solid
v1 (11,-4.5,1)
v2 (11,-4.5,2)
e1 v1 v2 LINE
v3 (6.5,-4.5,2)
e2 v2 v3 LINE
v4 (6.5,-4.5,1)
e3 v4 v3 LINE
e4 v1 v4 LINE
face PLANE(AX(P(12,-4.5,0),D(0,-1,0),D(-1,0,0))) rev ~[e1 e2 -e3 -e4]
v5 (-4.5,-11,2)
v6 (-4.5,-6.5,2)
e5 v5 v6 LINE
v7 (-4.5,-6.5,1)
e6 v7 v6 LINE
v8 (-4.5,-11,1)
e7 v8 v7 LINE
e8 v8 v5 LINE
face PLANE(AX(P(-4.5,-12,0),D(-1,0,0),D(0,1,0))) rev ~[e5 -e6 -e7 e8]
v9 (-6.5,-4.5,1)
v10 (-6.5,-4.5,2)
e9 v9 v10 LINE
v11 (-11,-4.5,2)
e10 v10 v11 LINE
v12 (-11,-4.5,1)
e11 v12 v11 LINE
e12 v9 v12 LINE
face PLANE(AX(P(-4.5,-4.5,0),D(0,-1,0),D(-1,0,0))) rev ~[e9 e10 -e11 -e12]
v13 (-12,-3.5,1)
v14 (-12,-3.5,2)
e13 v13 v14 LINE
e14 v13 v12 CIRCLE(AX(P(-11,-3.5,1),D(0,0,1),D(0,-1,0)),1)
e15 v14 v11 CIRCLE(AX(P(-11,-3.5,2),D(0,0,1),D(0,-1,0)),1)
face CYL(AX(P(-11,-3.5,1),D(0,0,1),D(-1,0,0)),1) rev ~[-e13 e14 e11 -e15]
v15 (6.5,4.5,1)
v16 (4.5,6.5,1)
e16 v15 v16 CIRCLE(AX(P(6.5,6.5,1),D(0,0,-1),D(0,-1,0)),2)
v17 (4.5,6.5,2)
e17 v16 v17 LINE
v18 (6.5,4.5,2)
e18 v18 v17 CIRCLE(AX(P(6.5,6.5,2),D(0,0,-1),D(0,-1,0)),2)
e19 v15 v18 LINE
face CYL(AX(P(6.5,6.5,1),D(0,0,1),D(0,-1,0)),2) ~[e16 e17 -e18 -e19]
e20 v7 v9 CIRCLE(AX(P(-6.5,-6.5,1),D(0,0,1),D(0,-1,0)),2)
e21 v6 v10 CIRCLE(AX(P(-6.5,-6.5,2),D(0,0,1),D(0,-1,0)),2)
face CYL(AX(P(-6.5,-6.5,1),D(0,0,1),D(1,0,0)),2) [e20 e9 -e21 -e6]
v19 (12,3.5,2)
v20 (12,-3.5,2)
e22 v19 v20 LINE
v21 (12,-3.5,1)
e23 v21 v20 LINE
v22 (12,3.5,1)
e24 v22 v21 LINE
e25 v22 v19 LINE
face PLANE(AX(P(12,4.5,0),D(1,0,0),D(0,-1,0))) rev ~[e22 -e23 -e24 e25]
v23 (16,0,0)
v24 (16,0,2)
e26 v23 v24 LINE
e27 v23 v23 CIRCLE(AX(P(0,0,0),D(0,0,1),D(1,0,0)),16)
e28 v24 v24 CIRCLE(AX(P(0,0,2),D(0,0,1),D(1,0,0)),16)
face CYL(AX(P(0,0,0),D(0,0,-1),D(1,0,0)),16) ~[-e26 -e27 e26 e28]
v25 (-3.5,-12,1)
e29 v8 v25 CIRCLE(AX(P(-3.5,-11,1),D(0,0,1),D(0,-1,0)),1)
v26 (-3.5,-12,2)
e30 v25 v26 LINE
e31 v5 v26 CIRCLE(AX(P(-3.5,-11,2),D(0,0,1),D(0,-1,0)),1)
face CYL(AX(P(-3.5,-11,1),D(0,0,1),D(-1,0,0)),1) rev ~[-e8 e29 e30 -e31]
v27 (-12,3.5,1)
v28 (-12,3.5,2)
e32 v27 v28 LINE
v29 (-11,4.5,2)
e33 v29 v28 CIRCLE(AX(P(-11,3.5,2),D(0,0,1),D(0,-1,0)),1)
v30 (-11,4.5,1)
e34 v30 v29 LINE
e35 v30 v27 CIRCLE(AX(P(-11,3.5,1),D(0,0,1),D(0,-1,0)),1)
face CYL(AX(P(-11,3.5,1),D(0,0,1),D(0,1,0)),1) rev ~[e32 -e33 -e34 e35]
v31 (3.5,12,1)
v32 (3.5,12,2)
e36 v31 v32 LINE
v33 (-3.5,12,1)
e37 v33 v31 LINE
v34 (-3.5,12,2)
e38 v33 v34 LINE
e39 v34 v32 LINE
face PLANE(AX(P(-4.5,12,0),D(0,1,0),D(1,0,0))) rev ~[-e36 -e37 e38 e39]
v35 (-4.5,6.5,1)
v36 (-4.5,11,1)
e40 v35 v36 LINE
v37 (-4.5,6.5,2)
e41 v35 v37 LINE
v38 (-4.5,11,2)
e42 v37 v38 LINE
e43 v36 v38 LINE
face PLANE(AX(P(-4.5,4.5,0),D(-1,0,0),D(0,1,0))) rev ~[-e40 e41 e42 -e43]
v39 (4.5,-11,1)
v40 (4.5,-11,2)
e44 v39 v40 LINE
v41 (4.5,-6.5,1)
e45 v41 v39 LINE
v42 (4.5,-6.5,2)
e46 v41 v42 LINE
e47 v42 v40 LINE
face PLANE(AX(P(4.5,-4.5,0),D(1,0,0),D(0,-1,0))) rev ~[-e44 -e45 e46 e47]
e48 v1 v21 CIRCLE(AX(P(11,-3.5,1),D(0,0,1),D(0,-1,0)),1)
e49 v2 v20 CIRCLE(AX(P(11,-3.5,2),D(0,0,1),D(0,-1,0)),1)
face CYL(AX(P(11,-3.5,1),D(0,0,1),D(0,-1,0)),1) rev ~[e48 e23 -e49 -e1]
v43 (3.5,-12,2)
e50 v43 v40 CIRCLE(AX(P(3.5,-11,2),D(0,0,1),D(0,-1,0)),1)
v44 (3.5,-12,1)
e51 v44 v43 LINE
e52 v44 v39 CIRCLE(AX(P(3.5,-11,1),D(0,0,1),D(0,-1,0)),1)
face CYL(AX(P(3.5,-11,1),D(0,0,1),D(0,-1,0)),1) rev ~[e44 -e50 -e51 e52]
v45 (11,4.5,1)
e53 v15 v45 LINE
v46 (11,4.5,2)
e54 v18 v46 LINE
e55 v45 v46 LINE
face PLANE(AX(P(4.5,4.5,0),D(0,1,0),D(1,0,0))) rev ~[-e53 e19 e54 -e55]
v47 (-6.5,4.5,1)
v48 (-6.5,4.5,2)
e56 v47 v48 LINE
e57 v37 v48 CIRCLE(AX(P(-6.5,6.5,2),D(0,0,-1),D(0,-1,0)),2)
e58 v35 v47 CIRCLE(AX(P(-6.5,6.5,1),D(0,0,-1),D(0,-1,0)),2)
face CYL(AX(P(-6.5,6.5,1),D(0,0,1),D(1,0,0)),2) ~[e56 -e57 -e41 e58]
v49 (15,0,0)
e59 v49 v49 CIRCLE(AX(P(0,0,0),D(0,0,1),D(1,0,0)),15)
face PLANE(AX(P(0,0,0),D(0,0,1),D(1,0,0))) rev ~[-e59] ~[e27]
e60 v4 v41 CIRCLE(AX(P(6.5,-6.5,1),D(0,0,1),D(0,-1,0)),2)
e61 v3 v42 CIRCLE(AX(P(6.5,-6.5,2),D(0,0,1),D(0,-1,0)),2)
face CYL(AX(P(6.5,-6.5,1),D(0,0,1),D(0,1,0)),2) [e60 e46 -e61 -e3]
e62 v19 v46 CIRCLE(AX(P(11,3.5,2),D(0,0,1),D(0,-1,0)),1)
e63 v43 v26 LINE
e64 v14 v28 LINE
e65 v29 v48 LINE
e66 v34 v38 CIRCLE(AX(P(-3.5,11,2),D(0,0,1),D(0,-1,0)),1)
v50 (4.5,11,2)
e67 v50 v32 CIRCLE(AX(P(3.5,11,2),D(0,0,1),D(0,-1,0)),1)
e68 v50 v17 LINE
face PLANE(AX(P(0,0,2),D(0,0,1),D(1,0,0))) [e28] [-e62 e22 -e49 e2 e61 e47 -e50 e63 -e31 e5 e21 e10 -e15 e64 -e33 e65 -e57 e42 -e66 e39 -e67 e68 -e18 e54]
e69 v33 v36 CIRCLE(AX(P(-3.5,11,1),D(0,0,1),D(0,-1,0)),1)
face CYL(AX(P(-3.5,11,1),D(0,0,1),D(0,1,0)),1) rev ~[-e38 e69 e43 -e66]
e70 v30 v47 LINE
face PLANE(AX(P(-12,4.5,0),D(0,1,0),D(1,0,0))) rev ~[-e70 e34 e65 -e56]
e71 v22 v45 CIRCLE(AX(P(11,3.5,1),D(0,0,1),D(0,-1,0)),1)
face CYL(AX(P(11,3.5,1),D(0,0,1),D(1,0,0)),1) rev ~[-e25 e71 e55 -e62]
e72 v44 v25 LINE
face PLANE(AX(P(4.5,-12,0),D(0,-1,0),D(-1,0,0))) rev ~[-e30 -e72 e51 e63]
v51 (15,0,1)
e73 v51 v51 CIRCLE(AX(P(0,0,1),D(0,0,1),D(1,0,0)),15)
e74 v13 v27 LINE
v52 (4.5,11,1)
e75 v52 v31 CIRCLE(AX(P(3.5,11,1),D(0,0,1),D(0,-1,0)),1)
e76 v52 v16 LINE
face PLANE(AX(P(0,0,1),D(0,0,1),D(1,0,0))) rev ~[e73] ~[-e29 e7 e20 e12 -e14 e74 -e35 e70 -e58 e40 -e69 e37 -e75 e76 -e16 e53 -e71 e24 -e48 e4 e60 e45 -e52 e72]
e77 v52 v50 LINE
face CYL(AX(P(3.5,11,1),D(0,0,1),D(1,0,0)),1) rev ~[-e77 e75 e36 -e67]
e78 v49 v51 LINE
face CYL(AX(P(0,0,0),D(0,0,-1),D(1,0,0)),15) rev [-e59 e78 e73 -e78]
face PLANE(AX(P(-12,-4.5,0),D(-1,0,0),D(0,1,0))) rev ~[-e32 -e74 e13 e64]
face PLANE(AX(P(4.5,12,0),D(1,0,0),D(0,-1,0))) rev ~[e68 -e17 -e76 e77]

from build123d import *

# Parameters (mm, degrees)
F0_R     = 16
F0_R_2   = 15
F1_DEPTH = 2
F2_DEPTH = 1
F3_R     = 1
F4_R     = 2


with BuildPart() as f1:
    # F0 (on Top) → F1 (new body)
    with BuildSketch(Plane.XY):
        Circle(F0_R)
        Circle(F0_R_2, mode=Mode.SUBTRACT)
        Circle(F0_R_2)
        Polygon((4.5, -4.5), (4.5, -12), (-4.5, -12), (-4.5, -4.5), (-12, -4.5), (-12, 4.5), (-4.5, 4.5), (-4.5, 12), (4.5, 12), (4.5, 4.5), (12, 4.5), (12, -4.5), align=None, mode=Mode.SUBTRACT)
    extrude(amount=F1_DEPTH)

    # F0 (on Top) → F2 (cut)
    with BuildSketch(Plane.XY):
        Circle(F0_R_2)
        Polygon((4.5, -4.5), (4.5, -12), (-4.5, -12), (-4.5, -4.5), (-12, -4.5), (-12, 4.5), (-4.5, 4.5), (-4.5, 12), (4.5, 12), (4.5, 4.5), (12, 4.5), (12, -4.5), align=None, mode=Mode.SUBTRACT)
    extrude(amount=F2_DEPTH, mode=Mode.SUBTRACT)

    # F3
    f3_edges = [f1.edges().sort_by_distance(p)[0] for p in [
        (-4.5, 12, 1.5),
        (4.5, 12, 1.5),
        (12, 4.5, 1.5),
        (12, -4.5, 1.5),
        (4.5, -12, 1.5),
        (-4.5, -12, 1.5),
        (-12, -4.5, 1.5),
        (-12, 4.5, 1.5),
    ]]
    fillet(f3_edges, radius=F3_R)

    # F4
    f4_edges = [f1.edges().sort_by_distance(p)[0] for p in [
        (-4.5, 4.5, 1.5),
        (4.5, 4.5, 1.5),
        (4.5, -4.5, 1.5),
        (-4.5, -4.5, 1.5),
    ]]
    fillet(f4_edges, radius=F4_R)


solid = f1.part
